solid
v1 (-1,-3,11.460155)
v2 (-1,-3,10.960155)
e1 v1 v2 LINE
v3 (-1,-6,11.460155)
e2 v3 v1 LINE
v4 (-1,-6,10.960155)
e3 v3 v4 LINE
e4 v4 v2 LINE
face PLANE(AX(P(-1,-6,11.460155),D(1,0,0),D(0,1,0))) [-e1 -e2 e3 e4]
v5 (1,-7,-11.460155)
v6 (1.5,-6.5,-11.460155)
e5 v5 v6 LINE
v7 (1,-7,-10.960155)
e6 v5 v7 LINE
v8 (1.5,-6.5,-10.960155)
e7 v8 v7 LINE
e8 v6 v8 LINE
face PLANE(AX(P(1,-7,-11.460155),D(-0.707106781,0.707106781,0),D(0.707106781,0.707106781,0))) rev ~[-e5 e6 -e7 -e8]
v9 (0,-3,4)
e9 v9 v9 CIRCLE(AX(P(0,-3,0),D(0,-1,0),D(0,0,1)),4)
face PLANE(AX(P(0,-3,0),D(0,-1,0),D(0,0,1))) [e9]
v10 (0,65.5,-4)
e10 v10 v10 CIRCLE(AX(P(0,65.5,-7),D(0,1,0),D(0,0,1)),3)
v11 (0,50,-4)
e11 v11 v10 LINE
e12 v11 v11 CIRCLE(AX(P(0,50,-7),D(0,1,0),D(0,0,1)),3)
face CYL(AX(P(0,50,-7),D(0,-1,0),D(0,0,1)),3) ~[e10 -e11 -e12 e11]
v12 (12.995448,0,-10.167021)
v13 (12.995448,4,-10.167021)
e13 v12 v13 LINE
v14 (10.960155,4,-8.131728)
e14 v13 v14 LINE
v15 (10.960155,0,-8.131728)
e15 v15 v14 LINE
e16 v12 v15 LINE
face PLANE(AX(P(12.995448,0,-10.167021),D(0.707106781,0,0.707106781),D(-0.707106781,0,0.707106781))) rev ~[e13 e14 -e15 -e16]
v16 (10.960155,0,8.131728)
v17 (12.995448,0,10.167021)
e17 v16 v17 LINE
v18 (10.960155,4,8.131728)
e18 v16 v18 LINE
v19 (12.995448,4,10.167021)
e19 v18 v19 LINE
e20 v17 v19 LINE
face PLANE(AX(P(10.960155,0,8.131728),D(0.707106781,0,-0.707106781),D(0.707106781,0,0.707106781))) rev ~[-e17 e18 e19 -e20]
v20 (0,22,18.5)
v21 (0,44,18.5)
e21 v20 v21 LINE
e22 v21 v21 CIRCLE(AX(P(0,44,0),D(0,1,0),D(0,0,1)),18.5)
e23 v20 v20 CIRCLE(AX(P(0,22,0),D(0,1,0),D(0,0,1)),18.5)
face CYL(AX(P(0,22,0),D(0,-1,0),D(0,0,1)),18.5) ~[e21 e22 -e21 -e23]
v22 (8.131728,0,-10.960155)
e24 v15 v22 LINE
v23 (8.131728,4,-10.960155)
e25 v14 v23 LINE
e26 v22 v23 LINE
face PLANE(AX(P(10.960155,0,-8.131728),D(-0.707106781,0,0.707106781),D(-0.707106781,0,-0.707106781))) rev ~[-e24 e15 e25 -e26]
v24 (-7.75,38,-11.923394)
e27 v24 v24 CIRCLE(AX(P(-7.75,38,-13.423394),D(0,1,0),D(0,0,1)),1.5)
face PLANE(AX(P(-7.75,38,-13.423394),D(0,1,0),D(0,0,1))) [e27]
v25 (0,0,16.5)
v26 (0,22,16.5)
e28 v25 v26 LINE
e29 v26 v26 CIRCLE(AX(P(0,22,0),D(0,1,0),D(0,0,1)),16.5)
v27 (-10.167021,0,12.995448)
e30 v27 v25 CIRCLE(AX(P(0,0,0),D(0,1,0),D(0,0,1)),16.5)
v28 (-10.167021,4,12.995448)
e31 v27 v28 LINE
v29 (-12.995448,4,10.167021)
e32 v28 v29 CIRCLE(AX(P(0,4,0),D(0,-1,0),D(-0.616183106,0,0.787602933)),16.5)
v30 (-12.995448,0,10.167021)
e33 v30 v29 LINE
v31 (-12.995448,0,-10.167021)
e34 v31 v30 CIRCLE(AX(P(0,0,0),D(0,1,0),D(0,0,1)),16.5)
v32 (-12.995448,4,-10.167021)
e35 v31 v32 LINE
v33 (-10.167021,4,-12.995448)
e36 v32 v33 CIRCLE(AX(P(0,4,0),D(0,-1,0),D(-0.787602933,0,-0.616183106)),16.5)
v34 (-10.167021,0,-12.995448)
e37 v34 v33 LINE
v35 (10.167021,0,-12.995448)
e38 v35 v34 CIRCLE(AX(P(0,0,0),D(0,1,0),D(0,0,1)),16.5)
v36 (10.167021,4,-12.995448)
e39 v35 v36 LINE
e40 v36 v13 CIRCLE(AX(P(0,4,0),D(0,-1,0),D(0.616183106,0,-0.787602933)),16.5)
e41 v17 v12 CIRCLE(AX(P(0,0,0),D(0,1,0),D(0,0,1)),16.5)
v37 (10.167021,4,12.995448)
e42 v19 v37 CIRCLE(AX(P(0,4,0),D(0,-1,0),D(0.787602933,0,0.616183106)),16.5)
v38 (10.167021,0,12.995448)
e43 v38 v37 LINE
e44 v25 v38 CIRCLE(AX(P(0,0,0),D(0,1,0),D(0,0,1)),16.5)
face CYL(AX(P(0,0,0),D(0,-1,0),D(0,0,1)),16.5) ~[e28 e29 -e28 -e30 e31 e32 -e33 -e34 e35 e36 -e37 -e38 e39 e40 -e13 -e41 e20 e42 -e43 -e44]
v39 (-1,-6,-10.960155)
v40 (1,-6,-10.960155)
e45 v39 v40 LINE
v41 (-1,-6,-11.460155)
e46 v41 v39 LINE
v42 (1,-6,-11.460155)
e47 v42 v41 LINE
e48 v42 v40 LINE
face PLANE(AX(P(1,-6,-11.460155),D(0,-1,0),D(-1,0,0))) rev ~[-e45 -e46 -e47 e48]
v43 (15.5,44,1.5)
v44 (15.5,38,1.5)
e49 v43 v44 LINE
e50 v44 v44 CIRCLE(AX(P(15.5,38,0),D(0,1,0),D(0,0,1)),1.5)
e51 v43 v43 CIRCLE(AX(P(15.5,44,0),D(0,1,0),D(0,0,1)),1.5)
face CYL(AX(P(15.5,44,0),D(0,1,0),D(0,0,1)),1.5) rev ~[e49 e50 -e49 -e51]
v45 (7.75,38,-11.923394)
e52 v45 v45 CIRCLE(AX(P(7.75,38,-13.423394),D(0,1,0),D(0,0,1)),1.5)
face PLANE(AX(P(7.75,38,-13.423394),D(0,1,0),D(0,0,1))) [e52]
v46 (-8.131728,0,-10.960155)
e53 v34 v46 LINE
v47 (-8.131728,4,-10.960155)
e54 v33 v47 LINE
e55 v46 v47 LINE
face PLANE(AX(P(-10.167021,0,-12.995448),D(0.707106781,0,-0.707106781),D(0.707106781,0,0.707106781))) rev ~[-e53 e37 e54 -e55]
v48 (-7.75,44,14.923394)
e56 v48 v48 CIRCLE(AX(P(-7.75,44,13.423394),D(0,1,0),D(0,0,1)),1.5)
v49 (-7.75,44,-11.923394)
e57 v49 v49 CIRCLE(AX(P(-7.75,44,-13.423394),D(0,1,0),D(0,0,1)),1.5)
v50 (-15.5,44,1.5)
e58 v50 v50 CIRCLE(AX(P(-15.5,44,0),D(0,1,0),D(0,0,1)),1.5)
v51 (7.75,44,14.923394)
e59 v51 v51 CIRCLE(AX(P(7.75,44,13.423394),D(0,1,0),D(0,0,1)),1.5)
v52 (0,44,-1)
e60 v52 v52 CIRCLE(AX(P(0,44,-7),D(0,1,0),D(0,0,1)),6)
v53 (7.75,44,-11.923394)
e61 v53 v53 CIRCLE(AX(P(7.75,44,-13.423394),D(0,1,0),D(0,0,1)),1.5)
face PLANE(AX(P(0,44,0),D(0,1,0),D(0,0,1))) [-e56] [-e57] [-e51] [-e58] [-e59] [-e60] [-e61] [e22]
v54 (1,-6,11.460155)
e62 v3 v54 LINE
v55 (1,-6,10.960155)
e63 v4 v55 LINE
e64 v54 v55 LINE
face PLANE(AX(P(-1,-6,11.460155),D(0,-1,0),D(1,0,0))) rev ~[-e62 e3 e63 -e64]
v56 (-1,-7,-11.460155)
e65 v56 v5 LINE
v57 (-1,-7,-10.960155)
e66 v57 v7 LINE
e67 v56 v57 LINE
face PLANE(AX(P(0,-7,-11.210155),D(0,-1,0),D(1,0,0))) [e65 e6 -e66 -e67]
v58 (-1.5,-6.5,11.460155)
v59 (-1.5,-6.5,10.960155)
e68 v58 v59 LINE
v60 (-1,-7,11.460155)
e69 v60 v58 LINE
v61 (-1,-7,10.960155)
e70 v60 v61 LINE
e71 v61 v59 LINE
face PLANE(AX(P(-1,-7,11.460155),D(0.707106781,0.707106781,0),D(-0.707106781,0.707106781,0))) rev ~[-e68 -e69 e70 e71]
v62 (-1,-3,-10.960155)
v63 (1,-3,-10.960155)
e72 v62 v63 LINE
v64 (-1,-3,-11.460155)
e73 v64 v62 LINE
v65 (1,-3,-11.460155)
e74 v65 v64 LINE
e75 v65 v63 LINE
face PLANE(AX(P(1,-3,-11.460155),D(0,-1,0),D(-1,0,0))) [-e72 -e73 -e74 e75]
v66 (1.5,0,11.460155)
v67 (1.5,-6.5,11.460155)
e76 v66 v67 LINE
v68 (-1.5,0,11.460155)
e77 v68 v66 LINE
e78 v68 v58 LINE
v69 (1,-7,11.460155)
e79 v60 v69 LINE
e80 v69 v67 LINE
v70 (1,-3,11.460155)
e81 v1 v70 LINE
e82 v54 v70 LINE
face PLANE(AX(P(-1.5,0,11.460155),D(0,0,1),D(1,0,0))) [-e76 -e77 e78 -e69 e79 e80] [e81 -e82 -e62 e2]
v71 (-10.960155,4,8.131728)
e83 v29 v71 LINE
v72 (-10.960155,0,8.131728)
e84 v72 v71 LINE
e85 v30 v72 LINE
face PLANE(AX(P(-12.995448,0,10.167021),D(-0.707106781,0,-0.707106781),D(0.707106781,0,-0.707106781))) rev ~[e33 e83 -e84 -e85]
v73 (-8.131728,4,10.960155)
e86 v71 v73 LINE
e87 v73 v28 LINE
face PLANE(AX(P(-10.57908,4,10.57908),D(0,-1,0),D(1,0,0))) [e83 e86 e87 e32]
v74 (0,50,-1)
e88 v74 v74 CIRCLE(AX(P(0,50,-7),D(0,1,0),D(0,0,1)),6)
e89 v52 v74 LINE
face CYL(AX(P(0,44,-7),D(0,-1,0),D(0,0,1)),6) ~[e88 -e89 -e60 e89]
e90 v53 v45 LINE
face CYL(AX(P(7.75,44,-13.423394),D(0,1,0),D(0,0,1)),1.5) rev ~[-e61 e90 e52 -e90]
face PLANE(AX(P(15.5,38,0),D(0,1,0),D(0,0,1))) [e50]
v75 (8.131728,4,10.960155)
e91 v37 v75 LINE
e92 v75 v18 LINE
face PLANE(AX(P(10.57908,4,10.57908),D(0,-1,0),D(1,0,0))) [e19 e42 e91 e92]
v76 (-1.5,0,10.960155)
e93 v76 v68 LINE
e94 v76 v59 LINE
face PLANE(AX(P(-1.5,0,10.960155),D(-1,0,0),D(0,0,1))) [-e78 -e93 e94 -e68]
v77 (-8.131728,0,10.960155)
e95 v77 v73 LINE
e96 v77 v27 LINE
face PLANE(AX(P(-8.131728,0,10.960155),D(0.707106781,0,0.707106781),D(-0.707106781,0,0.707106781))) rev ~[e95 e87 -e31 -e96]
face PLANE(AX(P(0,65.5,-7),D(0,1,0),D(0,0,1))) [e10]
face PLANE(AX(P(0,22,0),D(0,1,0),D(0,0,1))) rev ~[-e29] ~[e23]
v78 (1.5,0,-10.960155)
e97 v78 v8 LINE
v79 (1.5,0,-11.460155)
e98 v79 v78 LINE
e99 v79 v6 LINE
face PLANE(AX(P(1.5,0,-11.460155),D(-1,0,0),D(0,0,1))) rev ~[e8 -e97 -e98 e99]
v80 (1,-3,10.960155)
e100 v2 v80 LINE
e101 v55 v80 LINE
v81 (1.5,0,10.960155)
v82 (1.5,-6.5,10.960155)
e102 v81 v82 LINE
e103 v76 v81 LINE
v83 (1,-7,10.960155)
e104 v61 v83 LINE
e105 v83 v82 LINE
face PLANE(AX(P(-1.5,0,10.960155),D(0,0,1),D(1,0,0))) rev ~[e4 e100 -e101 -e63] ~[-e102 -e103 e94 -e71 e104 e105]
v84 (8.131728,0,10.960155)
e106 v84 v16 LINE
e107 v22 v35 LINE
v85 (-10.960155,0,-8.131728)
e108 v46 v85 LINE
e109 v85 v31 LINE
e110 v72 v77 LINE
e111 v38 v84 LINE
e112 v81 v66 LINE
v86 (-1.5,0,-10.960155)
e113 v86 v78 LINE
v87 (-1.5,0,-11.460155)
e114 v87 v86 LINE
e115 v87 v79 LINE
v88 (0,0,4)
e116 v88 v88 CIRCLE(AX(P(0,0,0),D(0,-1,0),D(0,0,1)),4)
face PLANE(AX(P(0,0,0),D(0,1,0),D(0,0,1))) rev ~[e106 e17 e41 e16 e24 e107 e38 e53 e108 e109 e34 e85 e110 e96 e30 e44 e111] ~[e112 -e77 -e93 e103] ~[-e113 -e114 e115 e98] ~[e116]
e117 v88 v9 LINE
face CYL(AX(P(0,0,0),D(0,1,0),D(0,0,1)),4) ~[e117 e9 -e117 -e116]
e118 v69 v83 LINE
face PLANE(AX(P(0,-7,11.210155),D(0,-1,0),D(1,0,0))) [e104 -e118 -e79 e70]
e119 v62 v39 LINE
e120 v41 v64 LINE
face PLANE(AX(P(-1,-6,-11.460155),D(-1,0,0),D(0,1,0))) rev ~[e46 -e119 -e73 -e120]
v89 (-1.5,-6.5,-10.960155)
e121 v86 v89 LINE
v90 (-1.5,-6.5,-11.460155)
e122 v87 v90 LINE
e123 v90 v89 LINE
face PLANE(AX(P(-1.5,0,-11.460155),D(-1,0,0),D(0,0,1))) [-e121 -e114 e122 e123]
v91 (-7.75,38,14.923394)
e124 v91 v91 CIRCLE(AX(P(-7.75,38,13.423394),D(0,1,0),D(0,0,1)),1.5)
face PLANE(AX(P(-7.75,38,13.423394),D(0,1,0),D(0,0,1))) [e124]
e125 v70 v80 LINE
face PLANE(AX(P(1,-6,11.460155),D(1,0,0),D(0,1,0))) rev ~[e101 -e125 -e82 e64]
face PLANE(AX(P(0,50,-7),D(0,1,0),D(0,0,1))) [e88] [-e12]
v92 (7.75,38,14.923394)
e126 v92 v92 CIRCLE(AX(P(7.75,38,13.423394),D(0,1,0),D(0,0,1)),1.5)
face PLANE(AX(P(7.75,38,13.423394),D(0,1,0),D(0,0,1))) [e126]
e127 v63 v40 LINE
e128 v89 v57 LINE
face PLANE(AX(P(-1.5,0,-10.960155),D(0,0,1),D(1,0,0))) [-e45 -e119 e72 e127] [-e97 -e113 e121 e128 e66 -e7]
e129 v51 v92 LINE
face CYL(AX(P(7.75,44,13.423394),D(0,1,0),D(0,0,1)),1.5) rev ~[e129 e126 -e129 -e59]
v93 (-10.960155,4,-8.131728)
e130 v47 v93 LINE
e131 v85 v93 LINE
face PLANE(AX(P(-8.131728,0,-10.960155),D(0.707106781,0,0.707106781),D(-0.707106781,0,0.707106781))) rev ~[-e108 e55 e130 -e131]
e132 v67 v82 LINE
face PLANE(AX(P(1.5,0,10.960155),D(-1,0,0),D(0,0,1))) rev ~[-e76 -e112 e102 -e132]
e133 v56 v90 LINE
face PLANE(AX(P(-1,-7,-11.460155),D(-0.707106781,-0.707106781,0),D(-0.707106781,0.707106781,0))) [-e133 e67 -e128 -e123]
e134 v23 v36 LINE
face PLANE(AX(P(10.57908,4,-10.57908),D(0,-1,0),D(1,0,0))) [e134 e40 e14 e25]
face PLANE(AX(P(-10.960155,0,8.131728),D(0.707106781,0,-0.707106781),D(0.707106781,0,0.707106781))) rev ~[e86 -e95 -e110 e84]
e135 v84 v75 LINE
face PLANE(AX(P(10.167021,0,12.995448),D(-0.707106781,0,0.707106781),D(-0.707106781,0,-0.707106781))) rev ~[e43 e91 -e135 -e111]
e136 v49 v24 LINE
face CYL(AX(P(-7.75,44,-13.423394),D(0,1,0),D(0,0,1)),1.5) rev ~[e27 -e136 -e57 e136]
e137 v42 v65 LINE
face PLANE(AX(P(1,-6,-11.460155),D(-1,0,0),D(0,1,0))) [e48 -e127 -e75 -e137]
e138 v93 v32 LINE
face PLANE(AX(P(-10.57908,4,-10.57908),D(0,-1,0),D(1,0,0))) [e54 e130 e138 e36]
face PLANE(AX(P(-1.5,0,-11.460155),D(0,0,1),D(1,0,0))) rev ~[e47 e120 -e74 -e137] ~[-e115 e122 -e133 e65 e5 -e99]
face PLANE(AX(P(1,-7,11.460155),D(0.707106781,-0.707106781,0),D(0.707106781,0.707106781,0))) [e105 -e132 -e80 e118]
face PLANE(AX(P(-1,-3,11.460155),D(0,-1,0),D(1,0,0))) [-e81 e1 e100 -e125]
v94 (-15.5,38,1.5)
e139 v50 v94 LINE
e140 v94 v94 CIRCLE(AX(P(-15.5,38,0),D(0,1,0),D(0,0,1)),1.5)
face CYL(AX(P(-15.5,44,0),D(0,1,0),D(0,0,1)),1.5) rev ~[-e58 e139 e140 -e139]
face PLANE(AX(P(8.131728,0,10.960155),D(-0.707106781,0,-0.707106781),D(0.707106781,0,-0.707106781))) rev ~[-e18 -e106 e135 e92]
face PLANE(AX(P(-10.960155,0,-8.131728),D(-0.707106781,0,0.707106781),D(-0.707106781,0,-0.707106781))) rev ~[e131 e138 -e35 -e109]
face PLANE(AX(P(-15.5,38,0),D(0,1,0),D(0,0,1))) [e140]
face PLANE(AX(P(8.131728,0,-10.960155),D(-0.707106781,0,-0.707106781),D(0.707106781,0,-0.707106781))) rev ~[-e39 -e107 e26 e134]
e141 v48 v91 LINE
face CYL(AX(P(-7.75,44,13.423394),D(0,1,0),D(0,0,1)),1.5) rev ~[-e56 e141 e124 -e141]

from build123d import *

# Parameters (mm, degrees)
SKETCH_1_R          = 16.5
EXTRUDE_1_DEPTH     = 22
SKETCH_2_R          = 18.5
EXTRUDE_2_DEPTH     = 22
SKETCH_3_R          = 6
EXTRUDE_3_DEPTH     = 6
SKETCH_4_R          = 3
EXTRUDE_7_DEPTH     = 15.5
CUT_EXTRUDE_1_DEPTH = 4
SKETCH_6_R          = 4
EXTRUDE_5_DEPTH     = 3
SKETCH_7_R          = 1.5
CUT_EXTRUDE_2_DEPTH = 6
SKETCH_8_W          = 3
SKETCH_8_H          = 0.5
EXTRUDE_6_DEPTH     = 7
SKETCH_9_W          = 2
SKETCH_9_H          = 3
CUT_EXTRUDE_3_DEPTH = 1
SKETCH_10_W         = 2
SKETCH_10_H         = 3
CUT_EXTRUDE_4_DEPTH = 1


with BuildPart() as part:
    # 草图1 → 凸台-拉伸1 (new body)
    with BuildSketch(Plane(origin=(0, 0, 0), x_dir=(1, 0, 0), z_dir=(0, 1, 0))):
        with Locations(Location((0, 0, 0), (0, 0, 270))):
            Circle(SKETCH_1_R)
    extrude(amount=EXTRUDE_1_DEPTH)

    # 草图2 → 凸台-拉伸2 (add)
    with BuildSketch(Plane(origin=(0, 22, 0), x_dir=(1, 0, 0), z_dir=(0, 1, 0))):
        with Locations(Location((0, 0, 0), (0, 0, 270))):
            Circle(SKETCH_2_R)
    extrude(amount=EXTRUDE_2_DEPTH)

    # 草图3 → 凸台-拉伸3 (add)
    with BuildSketch(Plane(origin=(0, 44, 0), x_dir=(1, 0, 0), z_dir=(0, 1, 0))):
        with Locations(Location((0, 7, 0), (0, 0, 270))):
            Circle(SKETCH_3_R)
    extrude(amount=EXTRUDE_3_DEPTH)

    # 草图4 → 凸台-拉伸7 (add)
    with BuildSketch(Plane(origin=(0, 50, 0), x_dir=(1, 0, 0), z_dir=(0, 1, 0))):
        with Locations(Location((0, 7, 0), (0, 0, 270))):
            Circle(SKETCH_4_R)
    extrude(amount=EXTRUDE_7_DEPTH)

    # 草图5 → 切除-拉伸1 (cut)
    with BuildSketch(Plane.XZ):
        with BuildLine():
            Line((-10.960155108, 8.131727984), (-8.131727984, 10.960155108))
            Line((-8.131727984, 10.960155108), (-10.16702126, 12.995448384))
            ThreePointArc((-10.16702126, 12.995448384), (-11.66726189, 11.66726189), (-12.995448384, 10.16702126))
            Line((-12.995448384, 10.16702126), (-10.960155108, 8.131727984))
        make_face()
        with BuildLine():
            Line((8.131727984, 10.960155108), (10.960155108, 8.131727984))
            Line((10.960155108, 8.131727984), (12.995448384, 10.16702126))
            ThreePointArc((12.995448384, 10.16702126), (11.66726189, 11.66726189), (10.16702126, 12.995448384))
            Line((10.16702126, 12.995448384), (8.131727984, 10.960155108))
        make_face()
        with BuildLine():
            Line((10.960155108, -8.131727984), (8.131727984, -10.960155108))
            Line((8.131727984, -10.960155108), (10.16702126, -12.995448384))
            ThreePointArc((10.16702126, -12.995448384), (11.66726189, -11.66726189), (12.995448384, -10.16702126))
            Line((12.995448384, -10.16702126), (10.960155108, -8.131727984))
        make_face()
        with BuildLine():
            Line((-8.131727984, -10.960155108), (-10.960155108, -8.131727984))
            Line((-10.960155108, -8.131727984), (-12.995448384, -10.16702126))
            ThreePointArc((-12.995448384, -10.16702126), (-11.66726189, -11.66726189), (-10.16702126, -12.995448384))
            Line((-10.16702126, -12.995448384), (-8.131727984, -10.960155108))
        make_face()
    extrude(amount=-CUT_EXTRUDE_1_DEPTH, mode=Mode.SUBTRACT)

    # 草图6 → 凸台-拉伸5 (add)
    with BuildSketch(Plane.XZ):
        with Locations(Location((0, 0, 0), (0, 0, 90))):
            Circle(SKETCH_6_R)
    extrude(amount=EXTRUDE_5_DEPTH)

    # 草图7 → 切除-拉伸2 (cut)
    with BuildSketch(Plane(origin=(0, 44, 0), x_dir=(1, 0, 0), z_dir=(0, 1, 0))):
        with Locations(Location((15.5, 0, 0), (0, 0, 270))):
            Circle(SKETCH_7_R)
        with Locations(Location((7.75, -13.423393759, 0), (0, 0, 270))):
            Circle(SKETCH_7_R)
        with Locations(Location((-7.75, -13.423393759, 0), (0, 0, 270))):
            Circle(SKETCH_7_R)
        with Locations(Location((-15.5, 0, 0), (0, 0, 270))):
            Circle(SKETCH_7_R)
        with Locations(Location((-7.75, 13.423393759, 0), (0, 0, 270))):
            Circle(SKETCH_7_R)
        with Locations(Location((7.75, 13.423393759, 0), (0, 0, 270))):
            Circle(SKETCH_7_R)
    extrude(amount=-CUT_EXTRUDE_2_DEPTH, mode=Mode.SUBTRACT)

    # 草图8 → 凸台-拉伸6 (add)
    with BuildSketch(Plane.XZ):
        with Locations((0, 11.210155108)):
            Rectangle(SKETCH_8_W, SKETCH_8_H)
        with Locations((0, -11.210155108)):
            Rectangle(SKETCH_8_W, SKETCH_8_H)
    extrude(amount=EXTRUDE_6_DEPTH)

    # 草图9 → 切除-拉伸3 (cut)
    with BuildSketch(Plane.XY.offset(11.460155108)):
        Polygon((1.5, -7), (1, -7), (1.5, -6.5), align=None)
        Polygon((-1.5, -7), (-1, -7), (-1.5, -6.5), align=None)
        with Locations((0, -4.5)):
            Rectangle(SKETCH_9_W, SKETCH_9_H)
    extrude(amount=-CUT_EXTRUDE_3_DEPTH, mode=Mode.SUBTRACT)

    # 草图10 → 切除-拉伸4 (cut)
    with BuildSketch(Plane(origin=(0, 0, -11.460155108), x_dir=(-1, 0, 0), z_dir=(0, 0, -1))):
        Polygon((1.5, -7), (1, -7), (1.5, -6.5), align=None)
        Polygon((-1.5, -7), (-1, -7), (-1.5, -6.5), align=None)
        with Locations((0, -4.5)):
            Rectangle(SKETCH_10_W, SKETCH_10_H)
    extrude(amount=-CUT_EXTRUDE_4_DEPTH, mode=Mode.SUBTRACT)


solid = part.part
